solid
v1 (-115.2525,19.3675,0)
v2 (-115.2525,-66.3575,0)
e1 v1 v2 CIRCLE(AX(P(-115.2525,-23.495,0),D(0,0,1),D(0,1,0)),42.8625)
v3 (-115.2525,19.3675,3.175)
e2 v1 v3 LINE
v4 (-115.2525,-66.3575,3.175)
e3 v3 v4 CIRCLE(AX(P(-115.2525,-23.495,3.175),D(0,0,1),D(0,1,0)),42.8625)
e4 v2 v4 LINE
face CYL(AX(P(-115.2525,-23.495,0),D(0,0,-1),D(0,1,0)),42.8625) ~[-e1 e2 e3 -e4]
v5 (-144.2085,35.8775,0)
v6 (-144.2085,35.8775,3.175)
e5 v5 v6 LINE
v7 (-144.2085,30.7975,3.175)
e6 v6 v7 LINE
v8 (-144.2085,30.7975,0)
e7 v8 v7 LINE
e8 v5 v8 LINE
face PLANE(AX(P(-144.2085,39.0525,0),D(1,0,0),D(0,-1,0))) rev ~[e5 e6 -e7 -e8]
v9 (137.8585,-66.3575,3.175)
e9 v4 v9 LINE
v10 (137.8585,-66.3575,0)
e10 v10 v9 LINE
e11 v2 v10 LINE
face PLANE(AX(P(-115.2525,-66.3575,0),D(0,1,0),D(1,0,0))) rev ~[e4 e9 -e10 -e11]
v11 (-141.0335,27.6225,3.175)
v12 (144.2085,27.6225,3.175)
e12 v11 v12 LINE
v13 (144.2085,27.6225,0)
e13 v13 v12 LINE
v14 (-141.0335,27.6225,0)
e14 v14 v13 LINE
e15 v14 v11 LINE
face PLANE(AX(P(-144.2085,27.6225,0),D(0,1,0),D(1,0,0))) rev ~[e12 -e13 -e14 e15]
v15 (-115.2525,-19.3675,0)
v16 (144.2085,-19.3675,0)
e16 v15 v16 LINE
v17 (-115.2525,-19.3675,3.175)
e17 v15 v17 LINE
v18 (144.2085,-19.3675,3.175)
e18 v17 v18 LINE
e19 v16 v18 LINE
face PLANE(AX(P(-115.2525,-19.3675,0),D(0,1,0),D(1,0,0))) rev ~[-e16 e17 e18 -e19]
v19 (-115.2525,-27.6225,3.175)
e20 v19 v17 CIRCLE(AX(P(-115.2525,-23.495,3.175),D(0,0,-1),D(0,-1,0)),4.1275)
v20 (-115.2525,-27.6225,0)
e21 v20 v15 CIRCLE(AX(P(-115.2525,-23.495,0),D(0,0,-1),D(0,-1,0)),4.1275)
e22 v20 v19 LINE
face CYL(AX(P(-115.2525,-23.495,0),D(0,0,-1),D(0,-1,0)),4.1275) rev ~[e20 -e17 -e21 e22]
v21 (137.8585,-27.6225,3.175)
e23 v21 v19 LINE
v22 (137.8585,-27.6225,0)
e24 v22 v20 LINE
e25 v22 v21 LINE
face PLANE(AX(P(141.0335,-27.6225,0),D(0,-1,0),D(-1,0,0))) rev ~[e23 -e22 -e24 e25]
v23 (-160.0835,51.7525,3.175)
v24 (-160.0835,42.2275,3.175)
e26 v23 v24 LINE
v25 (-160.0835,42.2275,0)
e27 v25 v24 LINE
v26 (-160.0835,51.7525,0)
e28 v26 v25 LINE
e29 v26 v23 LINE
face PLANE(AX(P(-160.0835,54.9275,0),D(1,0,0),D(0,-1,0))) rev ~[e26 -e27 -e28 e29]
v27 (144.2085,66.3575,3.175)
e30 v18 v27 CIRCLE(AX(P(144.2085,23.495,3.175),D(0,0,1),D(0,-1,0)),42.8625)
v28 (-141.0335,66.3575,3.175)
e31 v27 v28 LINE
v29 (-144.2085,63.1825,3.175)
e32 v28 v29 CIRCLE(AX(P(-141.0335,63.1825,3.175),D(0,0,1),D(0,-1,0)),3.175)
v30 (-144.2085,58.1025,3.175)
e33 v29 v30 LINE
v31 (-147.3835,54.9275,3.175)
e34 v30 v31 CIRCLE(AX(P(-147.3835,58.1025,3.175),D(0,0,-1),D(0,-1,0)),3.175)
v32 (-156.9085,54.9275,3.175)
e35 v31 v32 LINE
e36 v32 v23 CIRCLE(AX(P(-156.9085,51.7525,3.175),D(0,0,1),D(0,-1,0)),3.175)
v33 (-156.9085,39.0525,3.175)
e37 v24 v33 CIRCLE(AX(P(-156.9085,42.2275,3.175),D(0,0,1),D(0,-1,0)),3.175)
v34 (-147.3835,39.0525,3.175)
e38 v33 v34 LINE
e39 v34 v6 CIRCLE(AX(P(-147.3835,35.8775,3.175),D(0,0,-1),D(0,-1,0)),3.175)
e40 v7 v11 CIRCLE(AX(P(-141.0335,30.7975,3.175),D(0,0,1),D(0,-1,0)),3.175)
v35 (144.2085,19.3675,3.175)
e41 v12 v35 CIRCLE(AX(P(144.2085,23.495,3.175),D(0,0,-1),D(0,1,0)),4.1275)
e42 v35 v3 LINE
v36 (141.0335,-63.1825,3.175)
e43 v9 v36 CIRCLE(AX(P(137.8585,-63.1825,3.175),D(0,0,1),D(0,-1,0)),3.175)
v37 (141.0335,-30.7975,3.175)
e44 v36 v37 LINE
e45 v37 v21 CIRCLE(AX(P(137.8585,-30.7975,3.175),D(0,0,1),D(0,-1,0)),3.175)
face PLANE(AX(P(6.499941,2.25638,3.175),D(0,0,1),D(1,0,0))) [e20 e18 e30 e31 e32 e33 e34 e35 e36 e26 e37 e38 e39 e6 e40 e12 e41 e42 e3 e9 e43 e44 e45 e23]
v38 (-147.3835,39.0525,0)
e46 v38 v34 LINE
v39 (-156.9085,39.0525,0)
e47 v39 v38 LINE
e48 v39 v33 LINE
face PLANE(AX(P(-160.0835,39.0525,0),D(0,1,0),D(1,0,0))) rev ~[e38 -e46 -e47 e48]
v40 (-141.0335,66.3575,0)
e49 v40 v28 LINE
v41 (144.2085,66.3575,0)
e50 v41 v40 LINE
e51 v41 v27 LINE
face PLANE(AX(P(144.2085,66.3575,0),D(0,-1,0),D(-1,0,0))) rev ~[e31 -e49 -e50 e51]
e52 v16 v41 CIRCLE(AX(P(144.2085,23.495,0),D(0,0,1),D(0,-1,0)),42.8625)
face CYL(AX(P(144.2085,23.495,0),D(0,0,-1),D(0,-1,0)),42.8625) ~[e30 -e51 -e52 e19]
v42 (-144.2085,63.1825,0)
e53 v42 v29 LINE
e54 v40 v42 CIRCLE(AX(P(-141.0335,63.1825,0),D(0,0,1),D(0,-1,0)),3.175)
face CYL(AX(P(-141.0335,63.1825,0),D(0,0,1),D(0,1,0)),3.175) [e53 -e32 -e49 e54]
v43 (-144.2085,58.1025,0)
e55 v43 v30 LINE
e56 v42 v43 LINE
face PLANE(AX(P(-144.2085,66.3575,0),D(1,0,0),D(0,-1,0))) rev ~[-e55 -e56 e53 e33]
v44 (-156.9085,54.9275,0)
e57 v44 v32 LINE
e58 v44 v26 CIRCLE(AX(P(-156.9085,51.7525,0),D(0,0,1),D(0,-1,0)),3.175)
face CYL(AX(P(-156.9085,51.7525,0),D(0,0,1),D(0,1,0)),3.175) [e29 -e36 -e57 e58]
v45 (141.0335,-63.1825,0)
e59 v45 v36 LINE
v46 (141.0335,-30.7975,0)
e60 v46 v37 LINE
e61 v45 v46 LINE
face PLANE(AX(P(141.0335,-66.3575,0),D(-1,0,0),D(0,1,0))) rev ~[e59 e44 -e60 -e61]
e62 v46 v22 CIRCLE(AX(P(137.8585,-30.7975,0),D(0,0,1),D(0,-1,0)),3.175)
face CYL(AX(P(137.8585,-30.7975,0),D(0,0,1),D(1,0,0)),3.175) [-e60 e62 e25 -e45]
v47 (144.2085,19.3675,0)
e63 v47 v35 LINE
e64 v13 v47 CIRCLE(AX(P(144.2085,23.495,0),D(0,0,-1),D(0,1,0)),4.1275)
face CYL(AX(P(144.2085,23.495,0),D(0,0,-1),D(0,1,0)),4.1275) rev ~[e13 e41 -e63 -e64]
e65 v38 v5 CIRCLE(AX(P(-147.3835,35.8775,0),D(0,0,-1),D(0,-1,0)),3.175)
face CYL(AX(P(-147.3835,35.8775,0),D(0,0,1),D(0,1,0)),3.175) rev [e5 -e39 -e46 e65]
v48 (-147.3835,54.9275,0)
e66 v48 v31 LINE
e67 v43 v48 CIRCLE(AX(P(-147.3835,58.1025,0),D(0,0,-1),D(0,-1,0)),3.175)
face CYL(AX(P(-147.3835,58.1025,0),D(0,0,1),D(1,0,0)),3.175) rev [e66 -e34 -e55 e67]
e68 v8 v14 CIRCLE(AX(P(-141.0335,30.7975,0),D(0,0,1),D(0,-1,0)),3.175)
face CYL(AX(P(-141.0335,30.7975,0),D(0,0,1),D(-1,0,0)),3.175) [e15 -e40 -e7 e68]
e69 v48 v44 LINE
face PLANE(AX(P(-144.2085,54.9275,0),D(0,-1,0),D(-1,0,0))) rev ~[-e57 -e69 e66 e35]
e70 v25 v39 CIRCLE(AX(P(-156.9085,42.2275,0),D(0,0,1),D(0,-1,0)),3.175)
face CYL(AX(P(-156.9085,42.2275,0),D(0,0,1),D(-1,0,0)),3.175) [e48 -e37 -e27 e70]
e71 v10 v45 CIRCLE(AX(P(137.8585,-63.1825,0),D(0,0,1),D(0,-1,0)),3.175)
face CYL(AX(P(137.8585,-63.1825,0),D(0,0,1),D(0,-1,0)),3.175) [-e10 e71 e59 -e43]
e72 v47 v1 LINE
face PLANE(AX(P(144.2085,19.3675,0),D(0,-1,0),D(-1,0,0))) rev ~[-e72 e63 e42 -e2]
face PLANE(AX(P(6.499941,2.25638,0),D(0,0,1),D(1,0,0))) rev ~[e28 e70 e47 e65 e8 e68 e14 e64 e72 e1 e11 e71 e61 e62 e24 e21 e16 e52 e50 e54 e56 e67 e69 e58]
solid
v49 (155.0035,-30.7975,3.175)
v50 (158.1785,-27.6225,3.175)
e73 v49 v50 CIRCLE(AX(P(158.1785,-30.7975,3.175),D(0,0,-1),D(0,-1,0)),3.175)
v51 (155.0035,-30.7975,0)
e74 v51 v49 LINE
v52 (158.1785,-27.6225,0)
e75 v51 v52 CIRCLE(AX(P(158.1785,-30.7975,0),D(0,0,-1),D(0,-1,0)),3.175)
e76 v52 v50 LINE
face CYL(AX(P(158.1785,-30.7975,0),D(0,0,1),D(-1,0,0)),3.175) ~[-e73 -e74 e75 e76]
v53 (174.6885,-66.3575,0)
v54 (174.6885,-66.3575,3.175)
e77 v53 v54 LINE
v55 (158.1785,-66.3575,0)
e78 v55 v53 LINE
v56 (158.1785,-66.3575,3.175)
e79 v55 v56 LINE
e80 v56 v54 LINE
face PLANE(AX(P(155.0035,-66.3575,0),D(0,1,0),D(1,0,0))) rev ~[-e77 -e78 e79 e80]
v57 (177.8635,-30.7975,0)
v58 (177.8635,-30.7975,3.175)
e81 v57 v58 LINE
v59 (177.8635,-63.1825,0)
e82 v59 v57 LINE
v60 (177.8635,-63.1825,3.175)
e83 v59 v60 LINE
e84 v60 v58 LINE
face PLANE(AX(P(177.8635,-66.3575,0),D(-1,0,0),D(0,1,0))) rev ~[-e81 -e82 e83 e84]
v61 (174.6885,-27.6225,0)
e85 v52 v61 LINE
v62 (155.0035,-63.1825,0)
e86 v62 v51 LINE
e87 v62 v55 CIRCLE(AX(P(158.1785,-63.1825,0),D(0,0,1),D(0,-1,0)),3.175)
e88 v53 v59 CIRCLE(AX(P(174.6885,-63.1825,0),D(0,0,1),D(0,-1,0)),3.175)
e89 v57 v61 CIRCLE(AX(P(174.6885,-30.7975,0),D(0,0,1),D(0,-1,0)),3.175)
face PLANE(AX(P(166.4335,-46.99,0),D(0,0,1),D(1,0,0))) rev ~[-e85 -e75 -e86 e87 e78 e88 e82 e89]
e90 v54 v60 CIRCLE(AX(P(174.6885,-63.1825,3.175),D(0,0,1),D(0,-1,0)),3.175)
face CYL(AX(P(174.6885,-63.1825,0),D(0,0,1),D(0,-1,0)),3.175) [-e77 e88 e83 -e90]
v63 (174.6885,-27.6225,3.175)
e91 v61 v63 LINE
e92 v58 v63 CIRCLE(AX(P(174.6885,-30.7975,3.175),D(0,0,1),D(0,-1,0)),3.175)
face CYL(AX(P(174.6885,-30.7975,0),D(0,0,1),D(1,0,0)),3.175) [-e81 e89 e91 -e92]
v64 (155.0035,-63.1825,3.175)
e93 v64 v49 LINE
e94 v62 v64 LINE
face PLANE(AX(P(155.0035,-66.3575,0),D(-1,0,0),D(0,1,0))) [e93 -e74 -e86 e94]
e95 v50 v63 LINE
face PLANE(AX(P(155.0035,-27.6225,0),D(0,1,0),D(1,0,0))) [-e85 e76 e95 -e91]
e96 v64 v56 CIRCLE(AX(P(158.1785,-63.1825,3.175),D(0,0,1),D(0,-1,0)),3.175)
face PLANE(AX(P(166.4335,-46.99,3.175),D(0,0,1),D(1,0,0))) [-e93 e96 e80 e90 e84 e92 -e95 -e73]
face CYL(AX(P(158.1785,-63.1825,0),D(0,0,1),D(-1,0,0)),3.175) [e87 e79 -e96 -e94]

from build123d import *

# Parameters (mm, degrees)
F0_W     = 22.86
F0_H     = 38.735
F1_DEPTH = 3.175
F2_R     = 3.175


with BuildPart() as f1:
    # F0 (on Top) → F1 (new body)
    with BuildSketch(Plane.XY):
        with BuildLine():
            ThreePointArc((144.2085, -19.3675), (187.071, 23.495), (144.2085, 66.3575))
            Line((144.2085, 66.3575), (-144.2085, 66.3575))
            Line((-144.2085, 66.3575), (-144.2085, 54.9275))
            Line((-144.2085, 54.9275), (-160.0835, 54.9275))
            Line((-160.0835, 54.9275), (-160.0835, 39.0525))
            Line((-160.0835, 39.0525), (-144.2085, 39.0525))
            Line((-144.2085, 39.0525), (-144.2085, 27.6225))
            Line((-144.2085, 27.6225), (144.2085, 27.6225))
            ThreePointArc((144.2085, 27.6225), (148.336, 23.495), (144.2085, 19.3675))
            Line((144.2085, 19.3675), (-115.2525, 19.3675))
            ThreePointArc((-115.2525, 19.3675), (-158.115, -23.495), (-115.2525, -66.3575))
            Line((-115.2525, -66.3575), (141.0335, -66.3575))
            Line((141.0335, -66.3575), (141.0335, -27.6225))
            Line((141.0335, -27.6225), (-115.2525, -27.6225))
            ThreePointArc((-115.2525, -27.6225), (-119.38, -23.495), (-115.2525, -19.3675))
            Line((-115.2525, -19.3675), (144.2085, -19.3675))
        make_face()
        with Locations((166.4335, -46.99)):
            Rectangle(F0_W, F0_H)
    extrude(amount=F1_DEPTH)

    # F2
    f2_edges = [f1.edges().sort_by_distance(p)[0] for p in [
        (141.0335, -27.6225, 1.5875),
        (177.8635, -27.6225, 1.5875),
        (141.0335, -66.3575, 1.5875),
        (155.0035, -66.3575, 1.5875),
        (177.8635, -66.3575, 1.5875),
        (155.0035, -27.6225, 1.5875),
        (-144.2085, 66.3575, 1.5875),
        (-144.2085, 54.9275, 1.5875),
        (-160.0835, 54.9275, 1.5875),
        (-160.0835, 39.0525, 1.5875),
        (-144.2085, 27.6225, 1.5875),
        (-144.2085, 39.0525, 1.5875),
    ]]
    fillet(f2_edges, radius=F2_R)


solid = f1.part
